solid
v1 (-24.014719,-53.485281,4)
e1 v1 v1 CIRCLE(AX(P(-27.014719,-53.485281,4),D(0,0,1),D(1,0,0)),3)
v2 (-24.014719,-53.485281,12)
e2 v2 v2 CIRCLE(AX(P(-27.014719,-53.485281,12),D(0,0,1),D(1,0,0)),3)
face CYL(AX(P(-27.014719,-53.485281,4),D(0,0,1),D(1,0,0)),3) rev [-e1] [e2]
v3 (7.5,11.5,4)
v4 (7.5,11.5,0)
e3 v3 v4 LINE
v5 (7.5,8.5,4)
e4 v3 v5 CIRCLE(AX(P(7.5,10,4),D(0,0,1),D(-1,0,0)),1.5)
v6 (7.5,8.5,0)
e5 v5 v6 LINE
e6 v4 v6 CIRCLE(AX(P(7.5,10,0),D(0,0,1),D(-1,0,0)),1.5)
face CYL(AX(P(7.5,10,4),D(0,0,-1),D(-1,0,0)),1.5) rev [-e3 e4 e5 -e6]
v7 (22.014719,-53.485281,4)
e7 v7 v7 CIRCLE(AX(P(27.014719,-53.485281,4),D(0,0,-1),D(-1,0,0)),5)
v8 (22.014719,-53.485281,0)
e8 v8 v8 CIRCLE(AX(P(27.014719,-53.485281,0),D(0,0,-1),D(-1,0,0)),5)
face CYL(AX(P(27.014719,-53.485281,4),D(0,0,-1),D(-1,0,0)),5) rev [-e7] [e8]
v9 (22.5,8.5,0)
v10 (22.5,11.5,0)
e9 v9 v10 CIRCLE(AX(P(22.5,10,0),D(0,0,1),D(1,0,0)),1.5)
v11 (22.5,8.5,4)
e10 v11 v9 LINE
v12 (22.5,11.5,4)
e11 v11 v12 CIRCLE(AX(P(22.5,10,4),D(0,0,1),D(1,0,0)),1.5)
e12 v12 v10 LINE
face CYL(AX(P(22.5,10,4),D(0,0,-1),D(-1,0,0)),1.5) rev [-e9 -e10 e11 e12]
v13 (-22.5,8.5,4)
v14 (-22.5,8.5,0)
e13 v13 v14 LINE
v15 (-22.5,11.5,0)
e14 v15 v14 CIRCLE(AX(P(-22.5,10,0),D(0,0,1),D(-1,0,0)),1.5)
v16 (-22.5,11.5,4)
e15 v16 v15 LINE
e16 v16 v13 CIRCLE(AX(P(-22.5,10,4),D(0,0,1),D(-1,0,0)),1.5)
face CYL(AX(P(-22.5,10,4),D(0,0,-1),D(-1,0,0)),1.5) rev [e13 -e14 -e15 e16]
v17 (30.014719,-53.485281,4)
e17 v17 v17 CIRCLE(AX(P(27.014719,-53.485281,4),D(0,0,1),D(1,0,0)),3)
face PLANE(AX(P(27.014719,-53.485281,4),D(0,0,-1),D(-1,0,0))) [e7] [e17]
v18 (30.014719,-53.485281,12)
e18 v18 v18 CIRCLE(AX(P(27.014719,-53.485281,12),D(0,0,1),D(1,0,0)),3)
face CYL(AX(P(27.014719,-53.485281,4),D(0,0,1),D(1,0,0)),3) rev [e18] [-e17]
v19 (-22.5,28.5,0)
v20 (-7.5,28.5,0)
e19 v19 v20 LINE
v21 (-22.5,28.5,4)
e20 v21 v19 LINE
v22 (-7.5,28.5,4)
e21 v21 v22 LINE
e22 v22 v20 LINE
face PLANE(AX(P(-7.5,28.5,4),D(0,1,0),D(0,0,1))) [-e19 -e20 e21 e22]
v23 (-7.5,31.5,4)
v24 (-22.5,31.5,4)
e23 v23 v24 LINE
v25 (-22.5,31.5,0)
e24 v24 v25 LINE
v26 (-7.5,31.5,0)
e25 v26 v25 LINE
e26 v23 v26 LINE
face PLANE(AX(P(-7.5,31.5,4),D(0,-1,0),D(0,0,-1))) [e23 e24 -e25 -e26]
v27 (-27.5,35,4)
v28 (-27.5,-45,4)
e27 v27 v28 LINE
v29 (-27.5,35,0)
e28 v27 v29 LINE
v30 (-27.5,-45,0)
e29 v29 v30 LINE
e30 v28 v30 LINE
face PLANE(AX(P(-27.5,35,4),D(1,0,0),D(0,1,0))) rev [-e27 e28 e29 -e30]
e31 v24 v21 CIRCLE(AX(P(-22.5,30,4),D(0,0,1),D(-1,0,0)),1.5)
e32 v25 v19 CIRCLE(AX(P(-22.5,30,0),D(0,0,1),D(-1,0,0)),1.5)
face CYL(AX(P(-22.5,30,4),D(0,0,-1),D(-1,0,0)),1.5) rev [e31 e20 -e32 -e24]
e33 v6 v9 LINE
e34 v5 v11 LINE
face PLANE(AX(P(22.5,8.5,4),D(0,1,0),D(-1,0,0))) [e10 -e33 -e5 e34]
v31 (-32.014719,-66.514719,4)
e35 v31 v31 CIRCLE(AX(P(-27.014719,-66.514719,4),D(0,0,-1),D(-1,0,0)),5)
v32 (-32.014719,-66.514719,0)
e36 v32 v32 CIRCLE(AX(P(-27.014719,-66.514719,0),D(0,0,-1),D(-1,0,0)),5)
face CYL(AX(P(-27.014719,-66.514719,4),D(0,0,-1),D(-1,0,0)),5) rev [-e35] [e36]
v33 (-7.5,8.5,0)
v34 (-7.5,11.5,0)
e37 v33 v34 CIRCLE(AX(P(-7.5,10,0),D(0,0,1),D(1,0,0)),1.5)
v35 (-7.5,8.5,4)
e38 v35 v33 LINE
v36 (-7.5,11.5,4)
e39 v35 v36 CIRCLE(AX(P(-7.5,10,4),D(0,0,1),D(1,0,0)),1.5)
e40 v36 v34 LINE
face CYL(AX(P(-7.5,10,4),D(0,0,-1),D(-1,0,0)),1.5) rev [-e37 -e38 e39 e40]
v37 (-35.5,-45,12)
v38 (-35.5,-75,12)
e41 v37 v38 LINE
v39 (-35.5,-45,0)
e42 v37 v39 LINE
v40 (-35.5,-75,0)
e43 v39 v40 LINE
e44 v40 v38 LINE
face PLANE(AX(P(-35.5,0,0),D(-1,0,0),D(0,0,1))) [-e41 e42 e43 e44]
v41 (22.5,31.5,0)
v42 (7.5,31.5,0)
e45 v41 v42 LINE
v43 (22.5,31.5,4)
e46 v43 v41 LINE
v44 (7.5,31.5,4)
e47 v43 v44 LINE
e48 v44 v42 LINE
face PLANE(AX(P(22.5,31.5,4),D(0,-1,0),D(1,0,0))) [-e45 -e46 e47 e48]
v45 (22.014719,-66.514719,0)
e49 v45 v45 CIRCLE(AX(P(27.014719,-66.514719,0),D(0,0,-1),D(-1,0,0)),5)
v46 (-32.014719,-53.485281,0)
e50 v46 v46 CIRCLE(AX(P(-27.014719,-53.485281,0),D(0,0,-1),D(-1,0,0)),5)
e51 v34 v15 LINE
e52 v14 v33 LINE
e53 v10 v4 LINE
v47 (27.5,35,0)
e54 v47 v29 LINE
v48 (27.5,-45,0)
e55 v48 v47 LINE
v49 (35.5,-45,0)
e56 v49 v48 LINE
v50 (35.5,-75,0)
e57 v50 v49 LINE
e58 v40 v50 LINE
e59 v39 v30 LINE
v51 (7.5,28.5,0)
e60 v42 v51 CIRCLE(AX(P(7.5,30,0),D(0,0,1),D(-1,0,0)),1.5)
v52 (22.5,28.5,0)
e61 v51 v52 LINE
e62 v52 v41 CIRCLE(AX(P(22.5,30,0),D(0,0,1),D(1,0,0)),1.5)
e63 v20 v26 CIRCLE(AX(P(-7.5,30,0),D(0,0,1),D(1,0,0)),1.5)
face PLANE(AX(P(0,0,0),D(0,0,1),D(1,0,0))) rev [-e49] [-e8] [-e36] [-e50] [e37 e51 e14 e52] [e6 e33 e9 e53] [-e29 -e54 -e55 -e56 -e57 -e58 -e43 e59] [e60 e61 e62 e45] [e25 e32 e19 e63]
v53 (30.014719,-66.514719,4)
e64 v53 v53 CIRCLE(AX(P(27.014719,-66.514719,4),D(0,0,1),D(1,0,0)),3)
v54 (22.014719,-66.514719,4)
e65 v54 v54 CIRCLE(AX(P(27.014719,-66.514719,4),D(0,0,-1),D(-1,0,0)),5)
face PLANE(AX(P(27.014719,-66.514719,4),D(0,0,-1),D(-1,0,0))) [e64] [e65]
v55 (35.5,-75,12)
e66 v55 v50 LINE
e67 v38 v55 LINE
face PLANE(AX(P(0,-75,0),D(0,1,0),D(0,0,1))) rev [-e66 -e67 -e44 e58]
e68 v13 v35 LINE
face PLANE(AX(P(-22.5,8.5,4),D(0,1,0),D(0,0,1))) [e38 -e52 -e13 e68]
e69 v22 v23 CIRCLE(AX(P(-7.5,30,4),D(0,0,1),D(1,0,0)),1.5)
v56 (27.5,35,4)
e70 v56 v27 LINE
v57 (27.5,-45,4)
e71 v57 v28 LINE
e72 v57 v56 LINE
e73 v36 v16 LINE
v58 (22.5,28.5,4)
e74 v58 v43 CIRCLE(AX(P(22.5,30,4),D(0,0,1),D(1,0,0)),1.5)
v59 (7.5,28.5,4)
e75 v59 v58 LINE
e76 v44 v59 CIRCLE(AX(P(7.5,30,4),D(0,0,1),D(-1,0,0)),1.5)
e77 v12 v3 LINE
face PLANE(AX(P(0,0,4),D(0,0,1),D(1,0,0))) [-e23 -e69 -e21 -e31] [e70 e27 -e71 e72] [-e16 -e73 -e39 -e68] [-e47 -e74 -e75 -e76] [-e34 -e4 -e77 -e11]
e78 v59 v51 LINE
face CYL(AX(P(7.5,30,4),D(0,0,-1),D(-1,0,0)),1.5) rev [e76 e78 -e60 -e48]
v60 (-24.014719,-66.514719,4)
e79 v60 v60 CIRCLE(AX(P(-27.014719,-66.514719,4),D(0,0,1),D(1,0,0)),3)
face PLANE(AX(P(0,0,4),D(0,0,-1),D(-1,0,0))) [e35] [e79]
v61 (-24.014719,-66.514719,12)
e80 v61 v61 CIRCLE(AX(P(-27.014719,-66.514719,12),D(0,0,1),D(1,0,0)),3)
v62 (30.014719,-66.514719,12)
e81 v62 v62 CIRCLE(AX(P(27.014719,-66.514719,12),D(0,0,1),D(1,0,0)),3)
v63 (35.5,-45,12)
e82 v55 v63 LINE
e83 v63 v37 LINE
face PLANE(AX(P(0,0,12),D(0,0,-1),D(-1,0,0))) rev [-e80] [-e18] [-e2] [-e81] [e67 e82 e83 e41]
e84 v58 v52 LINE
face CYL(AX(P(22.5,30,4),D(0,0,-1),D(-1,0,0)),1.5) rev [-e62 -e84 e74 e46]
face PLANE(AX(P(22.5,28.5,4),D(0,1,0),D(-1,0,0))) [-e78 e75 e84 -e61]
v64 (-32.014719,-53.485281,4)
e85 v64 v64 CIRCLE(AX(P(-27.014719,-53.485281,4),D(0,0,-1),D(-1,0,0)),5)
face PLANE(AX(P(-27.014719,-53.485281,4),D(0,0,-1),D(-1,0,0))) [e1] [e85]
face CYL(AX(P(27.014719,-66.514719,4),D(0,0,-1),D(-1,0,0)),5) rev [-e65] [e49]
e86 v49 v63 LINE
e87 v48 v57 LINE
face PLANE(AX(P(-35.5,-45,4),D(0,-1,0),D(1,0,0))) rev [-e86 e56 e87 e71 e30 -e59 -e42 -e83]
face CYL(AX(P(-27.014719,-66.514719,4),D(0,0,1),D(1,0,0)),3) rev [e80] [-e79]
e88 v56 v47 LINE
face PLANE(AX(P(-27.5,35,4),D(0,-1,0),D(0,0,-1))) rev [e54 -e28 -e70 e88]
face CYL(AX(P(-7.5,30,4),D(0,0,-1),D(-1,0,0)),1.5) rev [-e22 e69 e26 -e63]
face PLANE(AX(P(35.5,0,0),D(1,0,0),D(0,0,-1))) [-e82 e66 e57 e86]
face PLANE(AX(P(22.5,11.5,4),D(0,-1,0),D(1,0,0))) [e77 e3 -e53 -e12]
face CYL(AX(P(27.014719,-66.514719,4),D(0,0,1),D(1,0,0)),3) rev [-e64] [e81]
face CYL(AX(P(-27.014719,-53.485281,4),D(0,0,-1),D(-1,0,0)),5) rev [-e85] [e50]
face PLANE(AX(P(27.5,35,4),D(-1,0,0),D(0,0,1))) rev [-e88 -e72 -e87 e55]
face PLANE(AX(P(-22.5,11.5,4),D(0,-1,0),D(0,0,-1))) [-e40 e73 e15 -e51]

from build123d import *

# Parameters (mm, degrees)
SKETCH1_W           = 55
SKETCH1_H           = 30
BOSS_EXTRUDE1_DEPTH = 4
SKETCH4_W           = 55
SKETCH4_H           = 4
BOSS_EXTRUDE2_DEPTH = 80
SKETCH5_W           = 4
SKETCH5_H           = 30
BOSS_EXTRUDE3_DEPTH = 8
SKETCH6_W           = 4
SKETCH6_H           = 30
BOSS_EXTRUDE4_DEPTH = 8
SKETCH7_W           = 71
SKETCH7_H           = 30
BOSS_EXTRUDE5_DEPTH = 8
SKETCH9_R           = 3
CUT_EXTRUDE1_DEPTH  = 8
SKETCH8_R           = 5
CUT_EXTRUDE4_DEPTH  = 4


with BuildPart() as part:
    # Sketch1 → Boss-Extrude1 (new body)
    with BuildSketch(Plane.XY):
        with Locations((0, 20)):
            Rectangle(SKETCH1_W, SKETCH1_H)
        with BuildLine():
            Line((22.5, 31.5), (7.5, 31.5))
            ThreePointArc((7.5, 31.5), (6, 30), (7.5, 28.5))
            Line((7.5, 28.5), (22.5, 28.5))
            ThreePointArc((22.5, 28.5), (24, 30), (22.5, 31.5))
        make_face(mode=Mode.SUBTRACT)
        with BuildLine():
            Line((22.5, 8.5), (7.5, 8.5))
            ThreePointArc((7.5, 8.5), (6, 10), (7.5, 11.5))
            Line((7.5, 11.5), (22.5, 11.5))
            ThreePointArc((22.5, 11.5), (24, 10), (22.5, 8.5))
        make_face(mode=Mode.SUBTRACT)
        with BuildLine():
            Line((-22.5, 8.5), (-7.5, 8.5))
            ThreePointArc((-7.5, 8.5), (-6, 10), (-7.5, 11.5))
            Line((-7.5, 11.5), (-22.5, 11.5))
            ThreePointArc((-22.5, 11.5), (-24, 10), (-22.5, 8.5))
        make_face(mode=Mode.SUBTRACT)
        with BuildLine():
            Line((-7.5, 28.5), (-22.5, 28.5))
            ThreePointArc((-22.5, 28.5), (-24, 30), (-22.5, 31.5))
            Line((-22.5, 31.5), (-7.5, 31.5))
            ThreePointArc((-7.5, 31.5), (-6, 30), (-7.5, 28.5))
        make_face(mode=Mode.SUBTRACT)
    extrude(amount=BOSS_EXTRUDE1_DEPTH)

    # Sketch4 → Boss-Extrude2 (add)
    with BuildSketch(Plane.XZ.offset(-5)):
        with Locations((0, 2)):
            Rectangle(SKETCH4_W, SKETCH4_H)
    extrude(amount=BOSS_EXTRUDE2_DEPTH)

    # Sketch5 → Boss-Extrude3 (add)
    with BuildSketch(Plane.ZY.offset(27.5)):
        with Locations((2, -60)):
            Rectangle(SKETCH5_W, SKETCH5_H)
    extrude(amount=BOSS_EXTRUDE3_DEPTH)

    # Sketch6 → Boss-Extrude4 (add)
    with BuildSketch(Plane(origin=(27.5, 0, 0), x_dir=(0, 0, -1), z_dir=(1, 0, 0))):
        with Locations((-2, -60)):
            Rectangle(SKETCH6_W, SKETCH6_H)
    extrude(amount=BOSS_EXTRUDE4_DEPTH)

    # Sketch7 → Boss-Extrude5 (add)
    with BuildSketch(Plane.XY.offset(4)):
        with Locations((0, -60)):
            Rectangle(SKETCH7_W, SKETCH7_H)
    extrude(amount=BOSS_EXTRUDE5_DEPTH)

    # Sketch9 → Cut-Extrude1 (cut)
    with BuildSketch(Plane.XY.offset(12)):
        with Locations((27.014718626, -66.514718626)):
            Circle(SKETCH9_R)
        with Locations((27.014718626, -53.485281374)):
            Circle(SKETCH9_R)
        with Locations((-27.014718626, -53.485281374)):
            Circle(SKETCH9_R)
        with Locations((-27.014718626, -66.514718626)):
            Circle(SKETCH9_R)
    extrude(amount=-CUT_EXTRUDE1_DEPTH, mode=Mode.SUBTRACT)

    # Sketch8 → Cut-Extrude4 (cut)
    with BuildSketch(Plane(origin=(0, 0, 0), x_dir=(-1, 0, 0), z_dir=(0, 0, -1))):
        with Locations((-27.014718626, -53.485281374)):
            Circle(SKETCH8_R)
        with Locations((-27.014718626, -66.514718626)):
            Circle(SKETCH8_R)
        with Locations((27.014718626, -53.485281374)):
            Circle(SKETCH8_R)
        with Locations((27.014718626, -66.514718626)):
            Circle(SKETCH8_R)
    extrude(amount=-CUT_EXTRUDE4_DEPTH, mode=Mode.SUBTRACT)


solid = part.part
